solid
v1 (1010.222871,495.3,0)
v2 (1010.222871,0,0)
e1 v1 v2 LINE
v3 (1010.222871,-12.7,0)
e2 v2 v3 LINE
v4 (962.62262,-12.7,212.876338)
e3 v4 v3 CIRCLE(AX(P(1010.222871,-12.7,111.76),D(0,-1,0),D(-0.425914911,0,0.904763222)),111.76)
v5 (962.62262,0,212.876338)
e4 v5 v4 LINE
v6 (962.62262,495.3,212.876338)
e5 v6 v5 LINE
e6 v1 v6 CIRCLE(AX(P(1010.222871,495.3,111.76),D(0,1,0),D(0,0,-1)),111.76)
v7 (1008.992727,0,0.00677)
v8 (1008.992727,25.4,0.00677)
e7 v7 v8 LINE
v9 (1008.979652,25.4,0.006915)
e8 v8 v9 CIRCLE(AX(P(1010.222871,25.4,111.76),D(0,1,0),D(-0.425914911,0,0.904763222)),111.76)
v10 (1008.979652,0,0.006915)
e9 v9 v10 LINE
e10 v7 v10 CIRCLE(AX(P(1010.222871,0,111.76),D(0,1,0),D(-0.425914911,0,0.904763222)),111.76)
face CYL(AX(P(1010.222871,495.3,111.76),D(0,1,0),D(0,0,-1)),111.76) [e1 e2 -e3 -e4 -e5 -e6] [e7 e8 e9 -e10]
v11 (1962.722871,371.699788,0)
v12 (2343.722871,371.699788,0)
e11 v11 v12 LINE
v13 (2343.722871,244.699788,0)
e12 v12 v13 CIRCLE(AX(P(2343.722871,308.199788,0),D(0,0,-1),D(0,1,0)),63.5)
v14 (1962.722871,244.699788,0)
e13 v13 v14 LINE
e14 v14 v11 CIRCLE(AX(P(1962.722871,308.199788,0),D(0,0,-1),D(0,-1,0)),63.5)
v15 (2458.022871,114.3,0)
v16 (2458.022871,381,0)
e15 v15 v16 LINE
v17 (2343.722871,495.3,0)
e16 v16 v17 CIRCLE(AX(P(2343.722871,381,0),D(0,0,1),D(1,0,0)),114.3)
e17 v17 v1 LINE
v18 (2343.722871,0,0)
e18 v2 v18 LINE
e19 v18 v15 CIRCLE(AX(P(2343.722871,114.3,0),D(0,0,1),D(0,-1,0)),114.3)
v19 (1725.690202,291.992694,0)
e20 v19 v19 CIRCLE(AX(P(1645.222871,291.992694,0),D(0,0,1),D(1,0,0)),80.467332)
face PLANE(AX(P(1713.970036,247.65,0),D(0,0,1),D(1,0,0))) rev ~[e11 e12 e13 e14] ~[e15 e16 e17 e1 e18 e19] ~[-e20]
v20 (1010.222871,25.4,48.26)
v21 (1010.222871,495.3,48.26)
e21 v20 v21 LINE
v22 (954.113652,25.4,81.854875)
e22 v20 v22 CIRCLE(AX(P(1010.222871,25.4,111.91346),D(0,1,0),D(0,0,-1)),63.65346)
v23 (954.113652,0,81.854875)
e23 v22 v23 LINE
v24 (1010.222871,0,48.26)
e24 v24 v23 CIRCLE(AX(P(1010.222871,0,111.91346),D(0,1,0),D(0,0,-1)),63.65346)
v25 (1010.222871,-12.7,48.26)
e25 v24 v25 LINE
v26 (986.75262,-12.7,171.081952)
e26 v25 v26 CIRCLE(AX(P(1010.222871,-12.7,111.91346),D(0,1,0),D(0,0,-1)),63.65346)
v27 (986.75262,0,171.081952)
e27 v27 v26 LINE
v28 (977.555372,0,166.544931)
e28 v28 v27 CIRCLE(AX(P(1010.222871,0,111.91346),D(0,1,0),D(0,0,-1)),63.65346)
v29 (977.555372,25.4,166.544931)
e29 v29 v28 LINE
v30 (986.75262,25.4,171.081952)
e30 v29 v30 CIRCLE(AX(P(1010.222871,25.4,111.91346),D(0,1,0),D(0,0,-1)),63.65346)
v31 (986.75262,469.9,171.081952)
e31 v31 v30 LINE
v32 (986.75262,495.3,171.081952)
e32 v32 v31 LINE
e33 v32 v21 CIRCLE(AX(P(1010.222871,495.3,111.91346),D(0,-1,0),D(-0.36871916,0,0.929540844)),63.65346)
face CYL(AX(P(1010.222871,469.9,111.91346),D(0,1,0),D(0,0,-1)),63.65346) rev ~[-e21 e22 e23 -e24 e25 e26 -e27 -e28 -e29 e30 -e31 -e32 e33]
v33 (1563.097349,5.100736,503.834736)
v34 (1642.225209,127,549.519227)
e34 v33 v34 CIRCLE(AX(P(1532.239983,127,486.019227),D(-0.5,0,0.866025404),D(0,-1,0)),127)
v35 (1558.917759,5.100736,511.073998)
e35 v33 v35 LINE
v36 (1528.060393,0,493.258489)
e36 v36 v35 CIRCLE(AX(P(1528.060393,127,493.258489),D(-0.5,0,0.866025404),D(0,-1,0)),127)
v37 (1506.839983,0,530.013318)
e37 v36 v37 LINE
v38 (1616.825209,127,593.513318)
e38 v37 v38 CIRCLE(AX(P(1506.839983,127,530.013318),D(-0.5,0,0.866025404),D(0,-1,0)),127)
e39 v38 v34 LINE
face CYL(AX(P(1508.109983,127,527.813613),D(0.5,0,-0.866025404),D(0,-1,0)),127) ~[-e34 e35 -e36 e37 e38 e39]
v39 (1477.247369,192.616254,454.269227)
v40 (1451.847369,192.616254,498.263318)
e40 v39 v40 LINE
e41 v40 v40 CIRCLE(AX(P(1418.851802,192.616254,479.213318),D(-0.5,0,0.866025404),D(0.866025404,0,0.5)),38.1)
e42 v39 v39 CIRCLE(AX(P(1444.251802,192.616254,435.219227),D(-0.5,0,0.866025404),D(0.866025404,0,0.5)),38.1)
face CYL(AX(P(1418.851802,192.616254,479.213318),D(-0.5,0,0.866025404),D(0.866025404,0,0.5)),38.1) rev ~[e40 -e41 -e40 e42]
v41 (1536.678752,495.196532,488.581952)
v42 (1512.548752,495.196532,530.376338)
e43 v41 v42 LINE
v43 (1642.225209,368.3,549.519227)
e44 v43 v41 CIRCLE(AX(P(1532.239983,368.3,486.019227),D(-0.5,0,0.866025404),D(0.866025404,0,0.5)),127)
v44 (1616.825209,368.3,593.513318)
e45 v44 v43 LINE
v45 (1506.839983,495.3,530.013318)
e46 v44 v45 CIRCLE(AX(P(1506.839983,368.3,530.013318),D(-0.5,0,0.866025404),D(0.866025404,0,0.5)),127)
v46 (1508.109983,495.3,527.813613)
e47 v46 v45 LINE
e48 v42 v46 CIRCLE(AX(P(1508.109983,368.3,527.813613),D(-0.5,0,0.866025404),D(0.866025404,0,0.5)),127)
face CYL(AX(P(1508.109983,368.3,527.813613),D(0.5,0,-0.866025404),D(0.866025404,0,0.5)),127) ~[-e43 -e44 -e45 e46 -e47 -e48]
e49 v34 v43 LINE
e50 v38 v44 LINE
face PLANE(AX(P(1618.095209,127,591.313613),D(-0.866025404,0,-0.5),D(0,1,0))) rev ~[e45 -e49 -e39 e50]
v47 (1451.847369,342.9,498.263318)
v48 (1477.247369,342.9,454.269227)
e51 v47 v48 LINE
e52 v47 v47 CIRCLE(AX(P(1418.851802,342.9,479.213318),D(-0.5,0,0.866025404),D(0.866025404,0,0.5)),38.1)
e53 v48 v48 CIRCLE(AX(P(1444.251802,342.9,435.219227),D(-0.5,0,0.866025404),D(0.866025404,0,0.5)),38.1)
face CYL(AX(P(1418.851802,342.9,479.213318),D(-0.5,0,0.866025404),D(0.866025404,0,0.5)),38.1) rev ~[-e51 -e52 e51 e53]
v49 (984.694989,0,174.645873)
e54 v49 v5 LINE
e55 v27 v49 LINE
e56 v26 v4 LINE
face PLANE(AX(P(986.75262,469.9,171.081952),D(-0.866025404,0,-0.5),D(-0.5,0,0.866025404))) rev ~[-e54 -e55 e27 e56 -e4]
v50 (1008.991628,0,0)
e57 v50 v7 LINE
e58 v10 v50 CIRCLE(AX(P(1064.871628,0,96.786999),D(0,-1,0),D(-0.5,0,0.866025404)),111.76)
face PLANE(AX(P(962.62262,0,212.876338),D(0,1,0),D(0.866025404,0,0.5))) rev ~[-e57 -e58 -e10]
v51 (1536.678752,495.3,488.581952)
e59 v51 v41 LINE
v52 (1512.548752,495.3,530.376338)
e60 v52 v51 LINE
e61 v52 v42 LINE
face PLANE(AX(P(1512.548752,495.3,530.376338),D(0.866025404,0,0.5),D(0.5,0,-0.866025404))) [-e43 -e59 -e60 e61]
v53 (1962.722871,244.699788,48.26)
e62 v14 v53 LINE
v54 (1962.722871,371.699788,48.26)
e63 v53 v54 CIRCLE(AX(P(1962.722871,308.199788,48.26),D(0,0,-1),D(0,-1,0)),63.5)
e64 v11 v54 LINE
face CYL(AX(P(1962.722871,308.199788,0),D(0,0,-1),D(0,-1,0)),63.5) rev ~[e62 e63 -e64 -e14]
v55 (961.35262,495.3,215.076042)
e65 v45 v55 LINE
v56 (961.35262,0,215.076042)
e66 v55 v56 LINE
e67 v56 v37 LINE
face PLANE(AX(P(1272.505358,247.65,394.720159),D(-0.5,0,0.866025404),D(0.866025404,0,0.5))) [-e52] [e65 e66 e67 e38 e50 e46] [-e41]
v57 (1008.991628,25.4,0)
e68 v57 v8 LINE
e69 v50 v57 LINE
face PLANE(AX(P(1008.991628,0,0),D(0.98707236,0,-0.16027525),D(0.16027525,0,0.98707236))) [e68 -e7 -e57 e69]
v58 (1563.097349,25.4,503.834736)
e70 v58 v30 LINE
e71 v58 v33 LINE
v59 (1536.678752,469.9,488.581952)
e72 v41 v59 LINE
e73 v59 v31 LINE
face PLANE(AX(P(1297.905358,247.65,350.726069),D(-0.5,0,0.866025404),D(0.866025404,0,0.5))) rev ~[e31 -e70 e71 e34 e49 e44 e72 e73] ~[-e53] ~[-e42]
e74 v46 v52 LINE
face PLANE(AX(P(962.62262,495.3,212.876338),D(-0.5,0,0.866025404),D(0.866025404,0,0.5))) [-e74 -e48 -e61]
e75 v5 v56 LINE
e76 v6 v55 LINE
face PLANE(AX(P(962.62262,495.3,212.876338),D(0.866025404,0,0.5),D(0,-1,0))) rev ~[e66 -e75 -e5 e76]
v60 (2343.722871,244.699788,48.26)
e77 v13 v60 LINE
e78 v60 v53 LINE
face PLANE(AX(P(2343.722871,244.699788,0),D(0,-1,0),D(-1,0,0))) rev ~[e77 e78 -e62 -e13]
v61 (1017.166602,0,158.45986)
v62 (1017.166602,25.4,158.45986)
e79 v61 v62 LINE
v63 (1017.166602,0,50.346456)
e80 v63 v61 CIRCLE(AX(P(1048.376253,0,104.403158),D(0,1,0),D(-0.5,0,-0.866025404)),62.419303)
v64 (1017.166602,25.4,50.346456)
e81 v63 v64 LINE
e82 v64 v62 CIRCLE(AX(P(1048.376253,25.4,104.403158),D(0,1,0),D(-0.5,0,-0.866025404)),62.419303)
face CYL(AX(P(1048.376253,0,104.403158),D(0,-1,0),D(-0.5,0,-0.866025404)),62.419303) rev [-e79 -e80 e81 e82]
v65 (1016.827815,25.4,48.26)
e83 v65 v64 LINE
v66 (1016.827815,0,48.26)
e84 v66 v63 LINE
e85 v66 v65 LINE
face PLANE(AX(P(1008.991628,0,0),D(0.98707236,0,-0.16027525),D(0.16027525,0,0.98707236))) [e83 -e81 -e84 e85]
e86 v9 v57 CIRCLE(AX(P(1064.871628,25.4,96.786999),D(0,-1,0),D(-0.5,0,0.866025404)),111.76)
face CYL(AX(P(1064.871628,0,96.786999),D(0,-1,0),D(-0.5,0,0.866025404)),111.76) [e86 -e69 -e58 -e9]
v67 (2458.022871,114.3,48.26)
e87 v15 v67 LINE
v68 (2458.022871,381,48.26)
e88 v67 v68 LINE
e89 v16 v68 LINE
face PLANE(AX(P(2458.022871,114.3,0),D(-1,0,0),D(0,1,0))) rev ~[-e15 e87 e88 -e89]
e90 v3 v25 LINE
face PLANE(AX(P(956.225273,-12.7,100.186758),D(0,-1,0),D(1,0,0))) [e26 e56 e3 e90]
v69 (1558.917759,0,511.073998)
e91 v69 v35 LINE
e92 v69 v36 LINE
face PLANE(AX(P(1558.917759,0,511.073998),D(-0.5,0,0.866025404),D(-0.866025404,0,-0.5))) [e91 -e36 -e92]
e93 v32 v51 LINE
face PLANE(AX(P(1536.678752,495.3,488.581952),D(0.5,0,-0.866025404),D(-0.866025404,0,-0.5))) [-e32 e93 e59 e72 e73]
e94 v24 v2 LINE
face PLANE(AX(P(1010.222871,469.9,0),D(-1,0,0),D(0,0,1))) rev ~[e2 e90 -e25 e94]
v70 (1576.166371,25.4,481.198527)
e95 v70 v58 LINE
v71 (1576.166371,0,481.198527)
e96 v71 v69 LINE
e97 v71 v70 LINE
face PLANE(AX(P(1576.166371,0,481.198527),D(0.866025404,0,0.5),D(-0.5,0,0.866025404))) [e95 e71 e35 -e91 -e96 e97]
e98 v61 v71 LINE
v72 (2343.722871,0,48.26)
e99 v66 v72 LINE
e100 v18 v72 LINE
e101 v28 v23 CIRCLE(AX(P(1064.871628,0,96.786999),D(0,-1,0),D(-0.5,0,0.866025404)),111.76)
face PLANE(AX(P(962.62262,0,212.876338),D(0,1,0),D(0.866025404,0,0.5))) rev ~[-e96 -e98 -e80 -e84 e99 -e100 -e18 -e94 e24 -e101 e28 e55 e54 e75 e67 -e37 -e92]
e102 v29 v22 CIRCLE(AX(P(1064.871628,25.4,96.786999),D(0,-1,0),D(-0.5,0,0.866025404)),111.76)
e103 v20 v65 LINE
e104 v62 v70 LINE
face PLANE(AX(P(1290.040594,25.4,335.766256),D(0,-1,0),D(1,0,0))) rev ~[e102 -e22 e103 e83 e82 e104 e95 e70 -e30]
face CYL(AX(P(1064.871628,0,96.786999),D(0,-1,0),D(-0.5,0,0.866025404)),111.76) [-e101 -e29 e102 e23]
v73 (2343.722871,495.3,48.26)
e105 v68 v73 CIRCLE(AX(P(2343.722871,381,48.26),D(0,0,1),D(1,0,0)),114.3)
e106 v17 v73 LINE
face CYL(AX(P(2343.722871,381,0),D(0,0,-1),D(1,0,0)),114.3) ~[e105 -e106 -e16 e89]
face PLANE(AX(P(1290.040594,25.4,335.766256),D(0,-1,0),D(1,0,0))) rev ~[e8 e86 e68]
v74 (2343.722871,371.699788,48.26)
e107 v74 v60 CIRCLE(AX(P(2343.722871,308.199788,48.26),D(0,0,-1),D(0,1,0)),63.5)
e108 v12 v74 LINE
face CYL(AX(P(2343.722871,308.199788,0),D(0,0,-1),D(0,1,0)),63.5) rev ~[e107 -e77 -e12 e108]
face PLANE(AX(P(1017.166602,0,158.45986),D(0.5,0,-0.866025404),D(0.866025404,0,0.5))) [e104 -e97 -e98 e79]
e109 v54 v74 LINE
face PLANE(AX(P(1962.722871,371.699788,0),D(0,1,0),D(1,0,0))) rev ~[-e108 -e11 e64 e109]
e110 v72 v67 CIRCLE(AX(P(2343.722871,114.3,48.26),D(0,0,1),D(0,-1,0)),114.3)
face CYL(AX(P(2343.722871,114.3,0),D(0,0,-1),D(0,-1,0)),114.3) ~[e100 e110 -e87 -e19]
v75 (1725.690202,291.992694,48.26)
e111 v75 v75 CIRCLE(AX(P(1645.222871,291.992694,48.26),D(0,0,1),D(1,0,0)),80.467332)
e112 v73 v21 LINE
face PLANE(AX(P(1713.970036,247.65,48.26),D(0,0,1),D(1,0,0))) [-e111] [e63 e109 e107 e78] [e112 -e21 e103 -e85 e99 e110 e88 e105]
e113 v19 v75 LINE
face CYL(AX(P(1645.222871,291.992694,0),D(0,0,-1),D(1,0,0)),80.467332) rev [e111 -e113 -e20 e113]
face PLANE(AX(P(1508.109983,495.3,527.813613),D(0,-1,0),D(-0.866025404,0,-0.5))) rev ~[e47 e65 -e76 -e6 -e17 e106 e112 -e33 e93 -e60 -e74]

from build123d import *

# Parameters (mm, degrees)
F0_R      = 80.4673318477
F1_DEPTH  = 48.26
F4_DEPTH  = 25.4
F6_DEPTH  = 25.4
F8_DEPTH  = 48.26
F9_DEPTH  = 2.54
F11_DEPTH = 482.6
F12_R     = 38.1
F13_DEPTH = 127


with BuildPart() as f1:
    # F0 (on Top) → F1 (new body)
    with BuildSketch(Plane.XY):
        with BuildLine():
            Line((1010.2228706353, 495.3), (1010.2228706353, 0))
            Line((1010.2228706353, 0), (2343.7228706353, 0))
            ThreePointArc((2343.7228706353, 0), (2424.5451757249, 33.4776949104), (2458.0228706353, 114.3))
            Line((2458.0228706353, 114.3), (2458.0228706353, 381))
            ThreePointArc((2458.0228706353, 381), (2424.5451757249, 461.8223050896), (2343.7228706353, 495.3))
            Line((2343.7228706353, 495.3), (1010.2228706353, 495.3))
        make_face()
        with Locations((1645.2228706353, 291.9926941395)):
            Circle(F0_R, mode=Mode.SUBTRACT)
        with BuildLine():
            ThreePointArc((1962.7228706353, 244.6997875276), (1899.2228706353, 308.1997875276), (1962.7228706353, 371.6997875276))
            Line((1962.7228706353, 371.6997875276), (2343.7228706353, 371.6997875276))
            ThreePointArc((2343.7228706353, 371.6997875276), (2407.2228706353, 308.1997875276), (2343.7228706353, 244.6997875276))
            Line((2343.7228706353, 244.6997875276), (1962.7228706353, 244.6997875276))
        make_face(mode=Mode.SUBTRACT)
    extrude(amount=F1_DEPTH)

    # F3 (on face) → F4 (join)
    with BuildSketch(Plane.XZ):
        Polygon((1008.9916278534, 193.5739982539), (1017.166601884, 158.4598601468), (1576.1663705805, 481.1985270807), (1558.9177592565, 511.0739982539), align=None)
        with BuildLine():
            ThreePointArc((1017.166601884, 50.3464564681), (985.9569505255, 104.4031583075), (1017.166601884, 158.4598601468))
            Line((1017.166601884, 158.4598601468), (1008.9916278534, 193.5739982539))
            ThreePointArc((1008.9916278534, 193.5739982539), (953.1116278534, 96.7869991269), (1008.9916278534, 0))
            Line((1008.9916278534, 0), (1017.166601884, 50.3464564681))
        make_face()
    extrude(amount=-F4_DEPTH)



with BuildPart() as f6:
    # F5 (on face) → F6 (new body)
    with BuildSketch(Plane(origin=(0, 495.3, 0), x_dir=(-1, 0, 0), z_dir=(0, 1, 0))):
        with BuildLine():
            Line((-962.622620171, 212.8763377291), (-986.752620171, 171.0819517425))
            ThreePointArc((-986.752620171, 171.0819517425), (-947.7007055922, 99.9659962012), (-1010.2228706353, 48.26))
            Line((-1010.2228706353, 48.26), (-1010.2228706353, 0))
            ThreePointArc((-1010.2228706353, 0), (-901.1562407602, 87.3721372872), (-962.622620171, 212.8763377291))
        make_face()
        Polygon((-1512.5487515741, 530.3763377291), (-1536.6787515741, 488.5819517425), (-986.752620171, 171.0819517425), (-962.622620171, 212.8763377291), align=None)
    extrude(amount=-F6_DEPTH)


with BuildPart() as f1_1:
    add(f1.part)

    add(f6.part)  # F8 merges F6
    # F7 (on face) → F8 (join)
    with BuildSketch(Plane(origin=(148.4774968738, 0, -257.170568366), x_dir=(0.8660254038, 0, 0.5), z_dir=(-0.5, 0, 0.8660254038))):
        with BuildLine():
            Line((1569.96836326, 495.3), (940.0938121902, 495.3))
            Line((940.0938121902, 495.3), (940.0938121902, 0))
            Line((940.0938121902, 0), (1569.96836326, 0))
            ThreePointArc((1569.96836326, 0), (1659.7709244707, 37.1974387893), (1696.96836326, 127))
            Line((1696.96836326, 127), (1696.96836326, 368.3))
            ThreePointArc((1696.96836326, 368.3), (1659.7709244707, 458.1025612107), (1569.96836326, 495.3))
        make_face()
    extrude(amount=-F8_DEPTH)

    # F7 (on face) → F9 (join)
    with BuildSketch(Plane(origin=(148.4774968738, 0, -257.170568366), x_dir=(0.8660254038, 0, 0.5), z_dir=(-0.5, 0, 0.8660254038))):
        with BuildLine():
            Line((1569.96836326, 495.3), (940.0938121902, 495.3))
            Line((940.0938121902, 495.3), (940.0938121902, 0))
            Line((940.0938121902, 0), (1569.96836326, 0))
            ThreePointArc((1569.96836326, 0), (1659.7709244707, 37.1974387893), (1696.96836326, 127))
            Line((1696.96836326, 127), (1696.96836326, 368.3))
            ThreePointArc((1696.96836326, 368.3), (1659.7709244707, 458.1025612107), (1569.96836326, 495.3))
        make_face()
    extrude(amount=F9_DEPTH)

    # F10 (on face) → F11 (join)
    with BuildSketch(Plane.XZ.offset(-469.9)):
        with BuildLine():
            Line((986.752620171, 171.0819517425), (962.622620171, 212.8763377291))
            ThreePointArc((962.622620171, 212.8763377291), (901.1562407602, 87.3721372872), (1010.2228706353, 0))
            Line((1010.2228706353, 0), (1010.2228706353, 48.26))
            ThreePointArc((1010.2228706353, 48.26), (947.7007055922, 99.9659962012), (986.752620171, 171.0819517425))
        make_face()
    extrude(amount=F11_DEPTH)

    # F12 (on face) → F13 (cut, symmetric)
    with BuildSketch(Plane(origin=(147.2074968738, 0, -254.9708638404), x_dir=(0.8660254038, 0, 0.5), z_dir=(-0.5, 0, 0.8660254038))):
        with Locations((1468.36836326, 342.9)):
            Circle(F12_R)
        with Locations((1468.36836326, 192.6162540913)):
            Circle(F12_R)
    extrude(amount=F13_DEPTH, both=True, mode=Mode.SUBTRACT)


solid = f1_1.part
